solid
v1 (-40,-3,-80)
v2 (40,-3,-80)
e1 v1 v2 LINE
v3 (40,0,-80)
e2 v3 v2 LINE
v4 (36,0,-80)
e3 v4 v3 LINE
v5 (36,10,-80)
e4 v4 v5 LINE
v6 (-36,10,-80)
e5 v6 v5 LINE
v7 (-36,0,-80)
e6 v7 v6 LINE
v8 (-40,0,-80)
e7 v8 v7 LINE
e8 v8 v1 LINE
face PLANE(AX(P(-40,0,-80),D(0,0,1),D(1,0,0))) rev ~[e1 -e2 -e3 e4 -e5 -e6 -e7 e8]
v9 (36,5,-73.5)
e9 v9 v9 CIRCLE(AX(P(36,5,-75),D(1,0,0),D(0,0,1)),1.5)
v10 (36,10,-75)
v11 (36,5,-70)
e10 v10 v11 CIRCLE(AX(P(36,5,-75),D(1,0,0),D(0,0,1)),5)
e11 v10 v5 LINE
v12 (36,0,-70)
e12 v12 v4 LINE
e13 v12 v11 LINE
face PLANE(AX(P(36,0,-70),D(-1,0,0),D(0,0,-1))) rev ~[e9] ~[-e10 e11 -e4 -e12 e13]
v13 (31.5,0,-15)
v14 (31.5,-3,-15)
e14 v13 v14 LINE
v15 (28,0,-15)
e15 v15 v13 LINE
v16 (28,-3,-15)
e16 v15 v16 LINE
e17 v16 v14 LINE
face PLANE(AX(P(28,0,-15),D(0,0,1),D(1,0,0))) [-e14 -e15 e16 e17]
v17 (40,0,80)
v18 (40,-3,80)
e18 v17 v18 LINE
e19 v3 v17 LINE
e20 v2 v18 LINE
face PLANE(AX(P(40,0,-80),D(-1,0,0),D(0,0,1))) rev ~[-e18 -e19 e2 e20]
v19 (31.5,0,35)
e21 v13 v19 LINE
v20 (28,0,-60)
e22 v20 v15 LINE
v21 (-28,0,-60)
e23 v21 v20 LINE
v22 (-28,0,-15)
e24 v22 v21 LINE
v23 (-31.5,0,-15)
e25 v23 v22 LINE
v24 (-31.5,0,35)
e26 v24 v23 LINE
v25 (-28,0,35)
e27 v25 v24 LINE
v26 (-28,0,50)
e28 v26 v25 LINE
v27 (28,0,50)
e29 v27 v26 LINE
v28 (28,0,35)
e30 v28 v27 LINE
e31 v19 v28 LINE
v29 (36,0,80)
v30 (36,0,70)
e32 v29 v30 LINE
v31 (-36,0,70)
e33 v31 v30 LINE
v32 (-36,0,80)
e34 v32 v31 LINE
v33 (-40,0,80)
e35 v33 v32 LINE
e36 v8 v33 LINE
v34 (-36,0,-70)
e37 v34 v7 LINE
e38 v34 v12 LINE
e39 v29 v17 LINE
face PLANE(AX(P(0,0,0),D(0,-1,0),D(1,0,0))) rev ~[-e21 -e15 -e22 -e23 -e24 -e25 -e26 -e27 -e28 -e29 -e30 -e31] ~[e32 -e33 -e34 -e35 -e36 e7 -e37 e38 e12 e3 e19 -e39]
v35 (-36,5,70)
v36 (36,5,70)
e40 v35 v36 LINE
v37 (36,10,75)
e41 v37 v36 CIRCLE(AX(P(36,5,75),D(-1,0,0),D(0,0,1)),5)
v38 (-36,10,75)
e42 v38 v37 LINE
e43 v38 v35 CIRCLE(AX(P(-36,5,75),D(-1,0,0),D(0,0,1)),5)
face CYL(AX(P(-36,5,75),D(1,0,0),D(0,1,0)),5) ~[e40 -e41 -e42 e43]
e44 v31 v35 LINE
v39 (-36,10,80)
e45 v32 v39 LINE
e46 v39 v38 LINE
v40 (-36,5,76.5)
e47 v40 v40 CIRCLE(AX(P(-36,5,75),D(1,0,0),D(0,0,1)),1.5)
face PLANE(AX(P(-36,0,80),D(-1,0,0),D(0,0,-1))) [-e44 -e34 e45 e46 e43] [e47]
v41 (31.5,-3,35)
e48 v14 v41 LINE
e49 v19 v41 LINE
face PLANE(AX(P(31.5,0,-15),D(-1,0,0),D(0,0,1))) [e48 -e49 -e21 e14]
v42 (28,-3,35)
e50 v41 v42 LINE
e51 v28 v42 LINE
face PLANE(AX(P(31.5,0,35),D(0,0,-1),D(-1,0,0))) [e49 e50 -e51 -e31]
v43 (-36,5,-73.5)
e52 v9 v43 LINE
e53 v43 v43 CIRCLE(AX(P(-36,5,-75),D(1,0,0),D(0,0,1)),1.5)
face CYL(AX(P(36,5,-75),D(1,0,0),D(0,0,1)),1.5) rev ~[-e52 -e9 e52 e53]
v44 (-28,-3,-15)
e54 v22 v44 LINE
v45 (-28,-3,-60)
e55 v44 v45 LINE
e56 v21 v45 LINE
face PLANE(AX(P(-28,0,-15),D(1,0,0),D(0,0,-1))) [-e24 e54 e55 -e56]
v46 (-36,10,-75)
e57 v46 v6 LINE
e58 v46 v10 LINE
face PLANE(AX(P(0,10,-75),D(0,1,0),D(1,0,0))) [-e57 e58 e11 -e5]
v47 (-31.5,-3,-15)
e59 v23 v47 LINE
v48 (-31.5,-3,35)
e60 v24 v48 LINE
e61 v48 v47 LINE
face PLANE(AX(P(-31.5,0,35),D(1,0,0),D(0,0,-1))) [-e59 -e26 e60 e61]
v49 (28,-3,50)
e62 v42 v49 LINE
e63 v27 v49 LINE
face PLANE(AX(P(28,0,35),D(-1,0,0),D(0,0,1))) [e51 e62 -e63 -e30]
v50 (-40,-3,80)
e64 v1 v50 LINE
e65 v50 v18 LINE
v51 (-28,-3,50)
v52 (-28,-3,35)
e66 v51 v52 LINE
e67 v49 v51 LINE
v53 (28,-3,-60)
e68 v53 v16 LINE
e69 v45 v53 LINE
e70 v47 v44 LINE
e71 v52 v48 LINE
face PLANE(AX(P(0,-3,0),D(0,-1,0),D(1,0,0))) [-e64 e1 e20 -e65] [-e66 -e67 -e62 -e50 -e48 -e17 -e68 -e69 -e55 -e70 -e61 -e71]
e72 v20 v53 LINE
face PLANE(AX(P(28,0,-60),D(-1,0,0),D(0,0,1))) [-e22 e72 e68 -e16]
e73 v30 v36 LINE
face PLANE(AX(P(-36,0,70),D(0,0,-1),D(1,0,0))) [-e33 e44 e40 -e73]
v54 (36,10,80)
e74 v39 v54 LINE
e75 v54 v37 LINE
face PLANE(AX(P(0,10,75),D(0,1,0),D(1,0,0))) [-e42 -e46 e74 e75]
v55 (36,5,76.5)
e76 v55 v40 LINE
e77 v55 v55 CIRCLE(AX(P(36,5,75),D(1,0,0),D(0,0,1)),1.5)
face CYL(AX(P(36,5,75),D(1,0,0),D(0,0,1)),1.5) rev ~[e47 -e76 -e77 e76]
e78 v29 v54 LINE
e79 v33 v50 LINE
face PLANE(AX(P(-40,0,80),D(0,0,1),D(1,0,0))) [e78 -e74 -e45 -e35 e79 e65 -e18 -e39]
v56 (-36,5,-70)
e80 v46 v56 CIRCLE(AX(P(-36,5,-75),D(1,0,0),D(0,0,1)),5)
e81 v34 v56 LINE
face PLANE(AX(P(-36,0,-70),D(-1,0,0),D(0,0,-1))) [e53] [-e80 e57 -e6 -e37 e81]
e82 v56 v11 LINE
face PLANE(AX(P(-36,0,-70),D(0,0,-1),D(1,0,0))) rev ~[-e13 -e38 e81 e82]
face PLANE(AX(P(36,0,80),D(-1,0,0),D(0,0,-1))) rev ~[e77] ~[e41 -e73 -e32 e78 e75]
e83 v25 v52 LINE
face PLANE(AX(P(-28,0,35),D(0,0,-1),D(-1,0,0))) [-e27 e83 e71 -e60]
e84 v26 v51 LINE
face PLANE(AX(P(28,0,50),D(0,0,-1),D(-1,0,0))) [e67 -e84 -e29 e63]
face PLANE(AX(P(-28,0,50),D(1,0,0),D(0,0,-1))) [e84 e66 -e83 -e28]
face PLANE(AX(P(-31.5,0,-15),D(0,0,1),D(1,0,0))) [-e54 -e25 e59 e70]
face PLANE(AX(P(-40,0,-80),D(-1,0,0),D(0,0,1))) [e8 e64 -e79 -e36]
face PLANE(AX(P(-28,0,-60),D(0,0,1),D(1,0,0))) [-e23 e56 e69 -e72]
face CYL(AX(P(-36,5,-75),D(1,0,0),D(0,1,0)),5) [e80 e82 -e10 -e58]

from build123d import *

# Parameters (mm, degrees)
SKETCH_W          = 80
SKETCH_H          = 160
PAD_DEPTH         = 3
SKETCH001_W       = 72
SKETCH001_H       = 10
PAD001_DEPTH      = 10
SKETCH002_R       = 1.5
POCKET_DEPTH      = 76.001
POCKET_DEPTH_BACK = 4.001
FILLET_R          = 5


with BuildPart() as part:
    # Sketch → Pad (new body)
    with BuildSketch(Plane.XZ):
        Rectangle(SKETCH_W, SKETCH_H)
        Polygon((-31.5, -15), (-28, -15), (-28, -60), (28, -60), (28, -15), (31.5, -15), (31.5, 35), (28, 35), (28, 50), (-28, 50), (-28, 35), (-31.5, 35), align=None, mode=Mode.SUBTRACT)
    extrude(amount=PAD_DEPTH)

    # Sketch001 (on Face17 of Pad) → Pad001 (join)
    with BuildSketch(Plane(origin=(0, 0, 0), x_dir=(1, 0, 0), z_dir=(0, 1, 0))):
        with Locations((0, 75)):
            Rectangle(SKETCH001_W, SKETCH001_H)
        with Locations((0, -75)):
            Rectangle(SKETCH001_W, SKETCH001_H)
    extrude(amount=PAD001_DEPTH)

    # Sketch002 (on Face8 of Pad001) → Pocket (cut, two sides)
    with BuildSketch(Plane(origin=(36, 0, 0), x_dir=(0, 0, 1), z_dir=(1, 0, 0))) as pocket_sk:
        with Locations((75, -5)):
            Circle(SKETCH002_R)
        with Locations((-75, -5)):
            Circle(SKETCH002_R)
    extrude(amount=-POCKET_DEPTH, mode=Mode.SUBTRACT)
    extrude(pocket_sk.sketch, amount=POCKET_DEPTH_BACK, mode=Mode.SUBTRACT)

    # Fillet
    fillet_edges = [part.edges().sort_by_distance(p)[0] for p in [
        (0, 10, -70),
        (0, 10, 70),
    ]]
    fillet(fillet_edges, radius=FILLET_R)


solid = part.part
